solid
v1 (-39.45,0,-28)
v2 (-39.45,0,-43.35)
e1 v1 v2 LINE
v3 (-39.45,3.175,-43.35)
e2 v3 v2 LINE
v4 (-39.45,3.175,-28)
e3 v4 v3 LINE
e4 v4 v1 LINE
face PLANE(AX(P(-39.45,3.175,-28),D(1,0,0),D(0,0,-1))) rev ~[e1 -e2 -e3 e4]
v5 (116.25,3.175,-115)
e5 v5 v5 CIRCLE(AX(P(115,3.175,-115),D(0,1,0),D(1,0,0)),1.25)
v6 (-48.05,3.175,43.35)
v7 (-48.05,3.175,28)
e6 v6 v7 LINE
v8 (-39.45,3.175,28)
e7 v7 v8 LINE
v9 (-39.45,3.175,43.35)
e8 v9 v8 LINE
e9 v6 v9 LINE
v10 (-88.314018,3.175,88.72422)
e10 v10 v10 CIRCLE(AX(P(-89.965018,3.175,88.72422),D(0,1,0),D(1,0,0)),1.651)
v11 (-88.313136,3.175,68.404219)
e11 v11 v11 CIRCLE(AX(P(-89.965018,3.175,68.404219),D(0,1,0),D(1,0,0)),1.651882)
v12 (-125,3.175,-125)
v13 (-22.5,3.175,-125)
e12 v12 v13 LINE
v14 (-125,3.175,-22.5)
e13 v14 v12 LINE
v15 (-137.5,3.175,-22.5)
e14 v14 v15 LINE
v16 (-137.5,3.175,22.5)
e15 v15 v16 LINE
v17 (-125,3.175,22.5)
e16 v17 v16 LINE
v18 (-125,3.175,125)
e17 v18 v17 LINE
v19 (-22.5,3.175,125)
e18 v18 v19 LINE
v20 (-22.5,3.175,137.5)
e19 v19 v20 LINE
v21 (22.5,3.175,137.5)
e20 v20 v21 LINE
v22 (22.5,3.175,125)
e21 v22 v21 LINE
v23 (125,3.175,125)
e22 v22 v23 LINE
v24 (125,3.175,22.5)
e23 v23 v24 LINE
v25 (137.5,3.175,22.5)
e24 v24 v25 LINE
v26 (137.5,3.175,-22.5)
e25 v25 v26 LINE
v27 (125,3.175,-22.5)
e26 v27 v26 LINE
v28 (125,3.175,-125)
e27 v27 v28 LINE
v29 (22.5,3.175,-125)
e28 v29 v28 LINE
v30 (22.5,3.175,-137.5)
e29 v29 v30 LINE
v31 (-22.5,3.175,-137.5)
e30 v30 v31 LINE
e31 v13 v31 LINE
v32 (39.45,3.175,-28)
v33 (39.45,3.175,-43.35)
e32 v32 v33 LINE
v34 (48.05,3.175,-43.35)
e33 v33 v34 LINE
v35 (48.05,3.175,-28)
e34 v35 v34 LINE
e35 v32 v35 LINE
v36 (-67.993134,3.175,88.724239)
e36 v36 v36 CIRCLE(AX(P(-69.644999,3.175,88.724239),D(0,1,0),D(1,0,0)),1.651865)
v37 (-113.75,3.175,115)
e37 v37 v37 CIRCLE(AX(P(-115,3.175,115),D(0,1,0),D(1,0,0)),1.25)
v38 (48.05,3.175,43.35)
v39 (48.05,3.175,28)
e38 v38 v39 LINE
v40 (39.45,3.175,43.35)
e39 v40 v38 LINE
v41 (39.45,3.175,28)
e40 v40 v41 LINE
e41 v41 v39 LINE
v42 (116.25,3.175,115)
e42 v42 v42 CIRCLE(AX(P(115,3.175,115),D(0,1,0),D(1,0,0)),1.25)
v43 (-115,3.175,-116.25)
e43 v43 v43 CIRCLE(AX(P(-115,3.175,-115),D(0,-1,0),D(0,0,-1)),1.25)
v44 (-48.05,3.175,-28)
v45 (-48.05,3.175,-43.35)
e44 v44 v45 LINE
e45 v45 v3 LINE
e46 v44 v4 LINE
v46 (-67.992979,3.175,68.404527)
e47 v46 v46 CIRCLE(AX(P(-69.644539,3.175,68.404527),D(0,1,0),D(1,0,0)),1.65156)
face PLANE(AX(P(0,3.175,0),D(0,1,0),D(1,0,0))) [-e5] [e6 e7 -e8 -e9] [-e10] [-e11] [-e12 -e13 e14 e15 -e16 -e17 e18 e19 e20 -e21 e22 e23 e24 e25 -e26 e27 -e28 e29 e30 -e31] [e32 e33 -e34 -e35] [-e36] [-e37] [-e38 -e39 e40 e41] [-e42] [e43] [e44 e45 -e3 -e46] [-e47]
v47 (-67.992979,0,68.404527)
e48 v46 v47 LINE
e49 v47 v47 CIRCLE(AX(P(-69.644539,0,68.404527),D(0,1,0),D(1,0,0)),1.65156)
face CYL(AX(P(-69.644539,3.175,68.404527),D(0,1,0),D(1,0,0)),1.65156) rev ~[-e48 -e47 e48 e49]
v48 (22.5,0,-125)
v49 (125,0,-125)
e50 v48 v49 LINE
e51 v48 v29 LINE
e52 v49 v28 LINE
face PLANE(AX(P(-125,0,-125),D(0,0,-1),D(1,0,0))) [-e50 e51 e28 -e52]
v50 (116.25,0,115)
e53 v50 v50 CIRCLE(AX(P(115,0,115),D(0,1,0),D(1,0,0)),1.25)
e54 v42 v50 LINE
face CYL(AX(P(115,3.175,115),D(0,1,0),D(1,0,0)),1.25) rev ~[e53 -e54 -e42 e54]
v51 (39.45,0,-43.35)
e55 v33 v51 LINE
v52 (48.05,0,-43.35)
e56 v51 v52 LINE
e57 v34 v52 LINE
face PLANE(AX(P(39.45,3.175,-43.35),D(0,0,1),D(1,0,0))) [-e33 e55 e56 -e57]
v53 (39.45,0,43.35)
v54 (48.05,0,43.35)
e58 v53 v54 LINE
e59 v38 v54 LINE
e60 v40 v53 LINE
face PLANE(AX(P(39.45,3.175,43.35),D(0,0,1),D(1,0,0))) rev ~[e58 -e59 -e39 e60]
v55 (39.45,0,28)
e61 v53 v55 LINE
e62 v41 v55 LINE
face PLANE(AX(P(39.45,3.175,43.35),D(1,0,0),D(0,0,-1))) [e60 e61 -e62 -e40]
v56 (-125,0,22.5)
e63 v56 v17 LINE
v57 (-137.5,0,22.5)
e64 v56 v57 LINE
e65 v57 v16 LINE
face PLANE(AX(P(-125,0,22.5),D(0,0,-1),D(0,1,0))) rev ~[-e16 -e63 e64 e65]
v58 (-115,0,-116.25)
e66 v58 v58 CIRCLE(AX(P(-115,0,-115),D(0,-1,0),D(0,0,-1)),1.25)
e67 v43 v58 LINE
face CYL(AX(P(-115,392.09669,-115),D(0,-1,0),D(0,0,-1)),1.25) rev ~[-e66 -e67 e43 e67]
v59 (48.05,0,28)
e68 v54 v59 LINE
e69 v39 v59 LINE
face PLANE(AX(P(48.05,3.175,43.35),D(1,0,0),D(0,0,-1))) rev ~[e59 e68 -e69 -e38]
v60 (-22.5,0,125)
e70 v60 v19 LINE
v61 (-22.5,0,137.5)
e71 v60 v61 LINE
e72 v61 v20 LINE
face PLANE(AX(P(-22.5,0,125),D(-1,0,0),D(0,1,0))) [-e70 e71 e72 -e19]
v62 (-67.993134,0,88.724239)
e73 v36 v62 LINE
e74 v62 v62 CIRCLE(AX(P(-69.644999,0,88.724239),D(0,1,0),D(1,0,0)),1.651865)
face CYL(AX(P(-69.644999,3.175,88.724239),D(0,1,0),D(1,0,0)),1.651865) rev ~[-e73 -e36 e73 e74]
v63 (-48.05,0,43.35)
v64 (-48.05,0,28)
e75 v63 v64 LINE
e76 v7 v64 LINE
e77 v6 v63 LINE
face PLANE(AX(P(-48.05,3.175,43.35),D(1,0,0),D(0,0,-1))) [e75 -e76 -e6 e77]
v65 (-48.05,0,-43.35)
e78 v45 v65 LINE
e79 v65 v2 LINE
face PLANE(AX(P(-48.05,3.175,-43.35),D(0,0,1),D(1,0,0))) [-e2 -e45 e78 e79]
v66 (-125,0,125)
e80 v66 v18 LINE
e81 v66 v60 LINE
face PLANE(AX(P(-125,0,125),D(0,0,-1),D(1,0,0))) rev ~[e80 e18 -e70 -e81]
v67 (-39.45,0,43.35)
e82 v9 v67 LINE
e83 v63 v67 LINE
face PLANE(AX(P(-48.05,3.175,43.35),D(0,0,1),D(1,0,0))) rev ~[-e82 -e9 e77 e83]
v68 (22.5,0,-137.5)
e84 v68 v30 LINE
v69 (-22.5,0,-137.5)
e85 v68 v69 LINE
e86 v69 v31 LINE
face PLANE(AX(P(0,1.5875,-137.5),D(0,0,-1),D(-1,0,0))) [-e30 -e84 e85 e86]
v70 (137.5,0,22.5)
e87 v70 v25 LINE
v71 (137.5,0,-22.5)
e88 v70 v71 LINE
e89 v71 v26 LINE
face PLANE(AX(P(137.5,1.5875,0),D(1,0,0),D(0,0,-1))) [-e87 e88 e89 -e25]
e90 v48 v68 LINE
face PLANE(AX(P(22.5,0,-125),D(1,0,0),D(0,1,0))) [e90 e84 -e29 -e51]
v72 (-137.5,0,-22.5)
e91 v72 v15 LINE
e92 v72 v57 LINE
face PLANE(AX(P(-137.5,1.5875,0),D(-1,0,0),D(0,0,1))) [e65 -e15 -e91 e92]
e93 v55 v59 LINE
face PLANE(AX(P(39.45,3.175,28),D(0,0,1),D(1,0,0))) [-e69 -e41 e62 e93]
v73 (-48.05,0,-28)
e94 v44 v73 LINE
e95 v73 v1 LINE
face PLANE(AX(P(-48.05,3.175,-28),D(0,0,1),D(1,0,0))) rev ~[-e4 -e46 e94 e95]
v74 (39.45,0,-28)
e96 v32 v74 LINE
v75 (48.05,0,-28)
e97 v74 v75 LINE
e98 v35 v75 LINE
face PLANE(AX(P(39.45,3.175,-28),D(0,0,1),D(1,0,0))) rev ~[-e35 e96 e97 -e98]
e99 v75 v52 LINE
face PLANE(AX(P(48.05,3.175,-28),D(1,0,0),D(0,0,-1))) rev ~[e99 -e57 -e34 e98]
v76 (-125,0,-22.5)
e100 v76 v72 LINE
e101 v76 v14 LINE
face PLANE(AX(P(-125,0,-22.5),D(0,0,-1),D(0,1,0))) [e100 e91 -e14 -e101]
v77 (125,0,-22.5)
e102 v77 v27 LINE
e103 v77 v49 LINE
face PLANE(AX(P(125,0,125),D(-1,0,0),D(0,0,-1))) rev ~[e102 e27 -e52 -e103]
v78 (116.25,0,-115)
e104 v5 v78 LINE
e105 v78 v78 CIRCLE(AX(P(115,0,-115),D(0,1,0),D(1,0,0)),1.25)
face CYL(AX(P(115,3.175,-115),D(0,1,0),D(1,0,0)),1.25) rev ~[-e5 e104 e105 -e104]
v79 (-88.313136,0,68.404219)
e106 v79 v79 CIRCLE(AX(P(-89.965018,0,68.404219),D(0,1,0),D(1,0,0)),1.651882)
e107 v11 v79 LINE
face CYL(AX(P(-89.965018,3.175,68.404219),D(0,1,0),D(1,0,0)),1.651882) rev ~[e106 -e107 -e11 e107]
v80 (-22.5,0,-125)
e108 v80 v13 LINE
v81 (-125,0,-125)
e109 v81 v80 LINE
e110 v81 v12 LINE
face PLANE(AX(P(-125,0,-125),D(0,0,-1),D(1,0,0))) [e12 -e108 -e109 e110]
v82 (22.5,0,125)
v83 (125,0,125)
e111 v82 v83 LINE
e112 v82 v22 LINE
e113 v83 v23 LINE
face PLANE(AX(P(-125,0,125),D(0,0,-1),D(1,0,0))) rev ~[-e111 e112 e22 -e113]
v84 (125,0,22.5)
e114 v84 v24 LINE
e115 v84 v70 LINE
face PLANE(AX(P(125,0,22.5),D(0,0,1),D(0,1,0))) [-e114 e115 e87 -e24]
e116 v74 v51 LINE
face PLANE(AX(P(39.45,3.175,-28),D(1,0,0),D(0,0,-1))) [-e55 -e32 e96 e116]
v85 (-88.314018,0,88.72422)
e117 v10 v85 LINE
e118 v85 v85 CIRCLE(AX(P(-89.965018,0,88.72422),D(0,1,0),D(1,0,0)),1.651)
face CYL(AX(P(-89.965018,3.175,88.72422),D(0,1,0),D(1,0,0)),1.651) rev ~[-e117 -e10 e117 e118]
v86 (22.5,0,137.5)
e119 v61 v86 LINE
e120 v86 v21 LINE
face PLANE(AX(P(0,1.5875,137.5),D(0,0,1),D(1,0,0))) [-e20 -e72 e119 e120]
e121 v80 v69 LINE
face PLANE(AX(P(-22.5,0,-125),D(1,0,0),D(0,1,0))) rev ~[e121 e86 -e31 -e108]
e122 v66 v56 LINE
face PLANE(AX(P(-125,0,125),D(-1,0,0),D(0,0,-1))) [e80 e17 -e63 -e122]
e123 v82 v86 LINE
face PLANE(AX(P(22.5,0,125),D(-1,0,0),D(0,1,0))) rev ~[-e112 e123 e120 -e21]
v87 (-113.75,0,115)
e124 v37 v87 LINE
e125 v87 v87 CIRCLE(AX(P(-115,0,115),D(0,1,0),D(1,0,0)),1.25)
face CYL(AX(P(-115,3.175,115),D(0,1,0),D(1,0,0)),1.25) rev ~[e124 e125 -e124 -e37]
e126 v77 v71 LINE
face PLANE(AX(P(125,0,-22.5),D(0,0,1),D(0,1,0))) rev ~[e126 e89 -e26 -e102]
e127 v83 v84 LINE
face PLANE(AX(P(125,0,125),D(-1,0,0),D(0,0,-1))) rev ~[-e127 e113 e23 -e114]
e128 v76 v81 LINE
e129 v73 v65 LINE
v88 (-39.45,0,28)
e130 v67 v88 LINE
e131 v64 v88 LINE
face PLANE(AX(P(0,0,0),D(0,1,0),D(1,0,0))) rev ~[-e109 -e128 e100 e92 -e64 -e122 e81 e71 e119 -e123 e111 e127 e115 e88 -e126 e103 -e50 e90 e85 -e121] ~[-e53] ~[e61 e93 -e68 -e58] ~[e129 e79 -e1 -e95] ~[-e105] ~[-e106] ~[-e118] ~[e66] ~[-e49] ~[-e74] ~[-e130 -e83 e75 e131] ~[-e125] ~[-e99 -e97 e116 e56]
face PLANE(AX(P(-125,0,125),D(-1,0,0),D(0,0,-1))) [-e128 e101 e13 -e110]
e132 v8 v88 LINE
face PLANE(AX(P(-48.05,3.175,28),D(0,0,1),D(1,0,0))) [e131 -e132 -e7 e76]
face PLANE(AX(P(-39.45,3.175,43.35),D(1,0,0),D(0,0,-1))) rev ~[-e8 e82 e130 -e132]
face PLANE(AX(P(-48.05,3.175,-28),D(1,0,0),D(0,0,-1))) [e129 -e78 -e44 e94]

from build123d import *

# Parameters (mm, degrees)
SKETCH2_W           = 250
SKETCH2_H           = 250
BOSS_EXTRUDE1_DEPTH = 3.175
SKETCH3_W           = 8.6
SKETCH3_H           = 15.35
CUT_EXTRUDE1_DEPTH  = 10
SKETCH10_W          = 45
SKETCH10_H          = 3.175
BOSS_EXTRUDE2_DEPTH = 12.5
SKETCH11_W          = 45
SKETCH11_H          = 3.175
BOSS_EXTRUDE3_DEPTH = 12.5
SKETCH13_W          = 45
SKETCH13_H          = 3.175
BOSS_EXTRUDE4_DEPTH = 12.5
SKETCH14_W          = 45
SKETCH14_H          = 3.175
BOSS_EXTRUDE5_DEPTH = 12.5
M3_TAPPED_HOLE1_D   = 2.5
SKETCH21_R          = 1.25
CUT_EXTRUDE2_DEPTH  = 10
SKETCH22_R          = 1.651881978
SKETCH22_R_2        = 1.65156012
SKETCH22_R_3        = 1.651864629
SKETCH22_R_4        = 1.651
CUT_EXTRUDE3_DEPTH  = 4.175


with BuildPart() as part:
    # Sketch2 → Boss-Extrude1 (new body)
    with BuildSketch(Plane(origin=(0, 0, 0), x_dir=(1, 0, 0), z_dir=(0, 1, 0))):
        Rectangle(SKETCH2_W, SKETCH2_H)
    extrude(amount=BOSS_EXTRUDE1_DEPTH)

    # Sketch3 → Cut-Extrude1 (cut)
    with BuildSketch(Plane(origin=(0, 3.175, 0), x_dir=(1, 0, 0), z_dir=(0, 1, 0))):
        with Locations((-43.75, 35.675)):
            Rectangle(SKETCH3_W, SKETCH3_H)
        with Locations((-43.75, -35.675)):
            Rectangle(SKETCH3_W, SKETCH3_H)
        with Locations((43.75, -35.675)):
            Rectangle(SKETCH3_W, SKETCH3_H)
        with Locations((43.75, 35.675)):
            Rectangle(SKETCH3_W, SKETCH3_H)
    extrude(amount=-CUT_EXTRUDE1_DEPTH, mode=Mode.SUBTRACT)

    # Sketch10 → Boss-Extrude2 (add)
    with BuildSketch(Plane(origin=(0, 0, -125), x_dir=(-1, 0, 0), z_dir=(0, 0, -1))):
        with Locations((0, 1.5875)):
            Rectangle(SKETCH10_W, SKETCH10_H)
    extrude(amount=BOSS_EXTRUDE2_DEPTH)

    # Sketch11 → Boss-Extrude3 (add)
    with BuildSketch(Plane.ZY.offset(125)):
        with Locations((0, 1.5875)):
            Rectangle(SKETCH11_W, SKETCH11_H)
    extrude(amount=BOSS_EXTRUDE3_DEPTH)

    # Sketch13 → Boss-Extrude4 (add)
    with BuildSketch(Plane.XY.offset(125)):
        with Locations((0, 1.5875)):
            Rectangle(SKETCH13_W, SKETCH13_H)
    extrude(amount=BOSS_EXTRUDE4_DEPTH)

    # Sketch14 → Boss-Extrude5 (add)
    with BuildSketch(Plane(origin=(125, 0, 0), x_dir=(0, 0, -1), z_dir=(1, 0, 0))):
        with Locations((0, 1.5875)):
            Rectangle(SKETCH14_W, SKETCH14_H)
    extrude(amount=BOSS_EXTRUDE5_DEPTH)

    # M3 Tapped Hole1 (through all)
    with Locations(Plane(origin=(-115, 3.175, -115), x_dir=(0, 0, 1), z_dir=(0, 1, 0))):
        with Locations((0, 0)):
            Hole(M3_TAPPED_HOLE1_D / 2)

    # Sketch21 → Cut-Extrude2 (cut)
    with BuildSketch(Plane(origin=(0, 3.175, 0), x_dir=(1, 0, 0), z_dir=(0, 1, 0))):
        with Locations((115, 115)):
            Circle(SKETCH21_R)
        with Locations((115, -115)):
            Circle(SKETCH21_R)
        with Locations((-115, -115)):
            Circle(SKETCH21_R)
    extrude(amount=-CUT_EXTRUDE2_DEPTH, mode=Mode.SUBTRACT)

    # Sketch22 → Cut-Extrude3 (cut, through all)
    with BuildSketch(Plane(origin=(0, 3.175, 0), x_dir=(1, 0, 0), z_dir=(0, 1, 0))):
        with Locations((-89.96501808, -68.404219496)):
            Circle(SKETCH22_R)
        with Locations((-69.644539433, -68.404527337)):
            Circle(SKETCH22_R_2)
        with Locations((-69.644998895, -88.724239252)):
            Circle(SKETCH22_R_3)
        with Locations((-89.965017771, -88.724219998)):
            Circle(SKETCH22_R_4)
    extrude(amount=-CUT_EXTRUDE3_DEPTH, mode=Mode.SUBTRACT)


solid = part.part
